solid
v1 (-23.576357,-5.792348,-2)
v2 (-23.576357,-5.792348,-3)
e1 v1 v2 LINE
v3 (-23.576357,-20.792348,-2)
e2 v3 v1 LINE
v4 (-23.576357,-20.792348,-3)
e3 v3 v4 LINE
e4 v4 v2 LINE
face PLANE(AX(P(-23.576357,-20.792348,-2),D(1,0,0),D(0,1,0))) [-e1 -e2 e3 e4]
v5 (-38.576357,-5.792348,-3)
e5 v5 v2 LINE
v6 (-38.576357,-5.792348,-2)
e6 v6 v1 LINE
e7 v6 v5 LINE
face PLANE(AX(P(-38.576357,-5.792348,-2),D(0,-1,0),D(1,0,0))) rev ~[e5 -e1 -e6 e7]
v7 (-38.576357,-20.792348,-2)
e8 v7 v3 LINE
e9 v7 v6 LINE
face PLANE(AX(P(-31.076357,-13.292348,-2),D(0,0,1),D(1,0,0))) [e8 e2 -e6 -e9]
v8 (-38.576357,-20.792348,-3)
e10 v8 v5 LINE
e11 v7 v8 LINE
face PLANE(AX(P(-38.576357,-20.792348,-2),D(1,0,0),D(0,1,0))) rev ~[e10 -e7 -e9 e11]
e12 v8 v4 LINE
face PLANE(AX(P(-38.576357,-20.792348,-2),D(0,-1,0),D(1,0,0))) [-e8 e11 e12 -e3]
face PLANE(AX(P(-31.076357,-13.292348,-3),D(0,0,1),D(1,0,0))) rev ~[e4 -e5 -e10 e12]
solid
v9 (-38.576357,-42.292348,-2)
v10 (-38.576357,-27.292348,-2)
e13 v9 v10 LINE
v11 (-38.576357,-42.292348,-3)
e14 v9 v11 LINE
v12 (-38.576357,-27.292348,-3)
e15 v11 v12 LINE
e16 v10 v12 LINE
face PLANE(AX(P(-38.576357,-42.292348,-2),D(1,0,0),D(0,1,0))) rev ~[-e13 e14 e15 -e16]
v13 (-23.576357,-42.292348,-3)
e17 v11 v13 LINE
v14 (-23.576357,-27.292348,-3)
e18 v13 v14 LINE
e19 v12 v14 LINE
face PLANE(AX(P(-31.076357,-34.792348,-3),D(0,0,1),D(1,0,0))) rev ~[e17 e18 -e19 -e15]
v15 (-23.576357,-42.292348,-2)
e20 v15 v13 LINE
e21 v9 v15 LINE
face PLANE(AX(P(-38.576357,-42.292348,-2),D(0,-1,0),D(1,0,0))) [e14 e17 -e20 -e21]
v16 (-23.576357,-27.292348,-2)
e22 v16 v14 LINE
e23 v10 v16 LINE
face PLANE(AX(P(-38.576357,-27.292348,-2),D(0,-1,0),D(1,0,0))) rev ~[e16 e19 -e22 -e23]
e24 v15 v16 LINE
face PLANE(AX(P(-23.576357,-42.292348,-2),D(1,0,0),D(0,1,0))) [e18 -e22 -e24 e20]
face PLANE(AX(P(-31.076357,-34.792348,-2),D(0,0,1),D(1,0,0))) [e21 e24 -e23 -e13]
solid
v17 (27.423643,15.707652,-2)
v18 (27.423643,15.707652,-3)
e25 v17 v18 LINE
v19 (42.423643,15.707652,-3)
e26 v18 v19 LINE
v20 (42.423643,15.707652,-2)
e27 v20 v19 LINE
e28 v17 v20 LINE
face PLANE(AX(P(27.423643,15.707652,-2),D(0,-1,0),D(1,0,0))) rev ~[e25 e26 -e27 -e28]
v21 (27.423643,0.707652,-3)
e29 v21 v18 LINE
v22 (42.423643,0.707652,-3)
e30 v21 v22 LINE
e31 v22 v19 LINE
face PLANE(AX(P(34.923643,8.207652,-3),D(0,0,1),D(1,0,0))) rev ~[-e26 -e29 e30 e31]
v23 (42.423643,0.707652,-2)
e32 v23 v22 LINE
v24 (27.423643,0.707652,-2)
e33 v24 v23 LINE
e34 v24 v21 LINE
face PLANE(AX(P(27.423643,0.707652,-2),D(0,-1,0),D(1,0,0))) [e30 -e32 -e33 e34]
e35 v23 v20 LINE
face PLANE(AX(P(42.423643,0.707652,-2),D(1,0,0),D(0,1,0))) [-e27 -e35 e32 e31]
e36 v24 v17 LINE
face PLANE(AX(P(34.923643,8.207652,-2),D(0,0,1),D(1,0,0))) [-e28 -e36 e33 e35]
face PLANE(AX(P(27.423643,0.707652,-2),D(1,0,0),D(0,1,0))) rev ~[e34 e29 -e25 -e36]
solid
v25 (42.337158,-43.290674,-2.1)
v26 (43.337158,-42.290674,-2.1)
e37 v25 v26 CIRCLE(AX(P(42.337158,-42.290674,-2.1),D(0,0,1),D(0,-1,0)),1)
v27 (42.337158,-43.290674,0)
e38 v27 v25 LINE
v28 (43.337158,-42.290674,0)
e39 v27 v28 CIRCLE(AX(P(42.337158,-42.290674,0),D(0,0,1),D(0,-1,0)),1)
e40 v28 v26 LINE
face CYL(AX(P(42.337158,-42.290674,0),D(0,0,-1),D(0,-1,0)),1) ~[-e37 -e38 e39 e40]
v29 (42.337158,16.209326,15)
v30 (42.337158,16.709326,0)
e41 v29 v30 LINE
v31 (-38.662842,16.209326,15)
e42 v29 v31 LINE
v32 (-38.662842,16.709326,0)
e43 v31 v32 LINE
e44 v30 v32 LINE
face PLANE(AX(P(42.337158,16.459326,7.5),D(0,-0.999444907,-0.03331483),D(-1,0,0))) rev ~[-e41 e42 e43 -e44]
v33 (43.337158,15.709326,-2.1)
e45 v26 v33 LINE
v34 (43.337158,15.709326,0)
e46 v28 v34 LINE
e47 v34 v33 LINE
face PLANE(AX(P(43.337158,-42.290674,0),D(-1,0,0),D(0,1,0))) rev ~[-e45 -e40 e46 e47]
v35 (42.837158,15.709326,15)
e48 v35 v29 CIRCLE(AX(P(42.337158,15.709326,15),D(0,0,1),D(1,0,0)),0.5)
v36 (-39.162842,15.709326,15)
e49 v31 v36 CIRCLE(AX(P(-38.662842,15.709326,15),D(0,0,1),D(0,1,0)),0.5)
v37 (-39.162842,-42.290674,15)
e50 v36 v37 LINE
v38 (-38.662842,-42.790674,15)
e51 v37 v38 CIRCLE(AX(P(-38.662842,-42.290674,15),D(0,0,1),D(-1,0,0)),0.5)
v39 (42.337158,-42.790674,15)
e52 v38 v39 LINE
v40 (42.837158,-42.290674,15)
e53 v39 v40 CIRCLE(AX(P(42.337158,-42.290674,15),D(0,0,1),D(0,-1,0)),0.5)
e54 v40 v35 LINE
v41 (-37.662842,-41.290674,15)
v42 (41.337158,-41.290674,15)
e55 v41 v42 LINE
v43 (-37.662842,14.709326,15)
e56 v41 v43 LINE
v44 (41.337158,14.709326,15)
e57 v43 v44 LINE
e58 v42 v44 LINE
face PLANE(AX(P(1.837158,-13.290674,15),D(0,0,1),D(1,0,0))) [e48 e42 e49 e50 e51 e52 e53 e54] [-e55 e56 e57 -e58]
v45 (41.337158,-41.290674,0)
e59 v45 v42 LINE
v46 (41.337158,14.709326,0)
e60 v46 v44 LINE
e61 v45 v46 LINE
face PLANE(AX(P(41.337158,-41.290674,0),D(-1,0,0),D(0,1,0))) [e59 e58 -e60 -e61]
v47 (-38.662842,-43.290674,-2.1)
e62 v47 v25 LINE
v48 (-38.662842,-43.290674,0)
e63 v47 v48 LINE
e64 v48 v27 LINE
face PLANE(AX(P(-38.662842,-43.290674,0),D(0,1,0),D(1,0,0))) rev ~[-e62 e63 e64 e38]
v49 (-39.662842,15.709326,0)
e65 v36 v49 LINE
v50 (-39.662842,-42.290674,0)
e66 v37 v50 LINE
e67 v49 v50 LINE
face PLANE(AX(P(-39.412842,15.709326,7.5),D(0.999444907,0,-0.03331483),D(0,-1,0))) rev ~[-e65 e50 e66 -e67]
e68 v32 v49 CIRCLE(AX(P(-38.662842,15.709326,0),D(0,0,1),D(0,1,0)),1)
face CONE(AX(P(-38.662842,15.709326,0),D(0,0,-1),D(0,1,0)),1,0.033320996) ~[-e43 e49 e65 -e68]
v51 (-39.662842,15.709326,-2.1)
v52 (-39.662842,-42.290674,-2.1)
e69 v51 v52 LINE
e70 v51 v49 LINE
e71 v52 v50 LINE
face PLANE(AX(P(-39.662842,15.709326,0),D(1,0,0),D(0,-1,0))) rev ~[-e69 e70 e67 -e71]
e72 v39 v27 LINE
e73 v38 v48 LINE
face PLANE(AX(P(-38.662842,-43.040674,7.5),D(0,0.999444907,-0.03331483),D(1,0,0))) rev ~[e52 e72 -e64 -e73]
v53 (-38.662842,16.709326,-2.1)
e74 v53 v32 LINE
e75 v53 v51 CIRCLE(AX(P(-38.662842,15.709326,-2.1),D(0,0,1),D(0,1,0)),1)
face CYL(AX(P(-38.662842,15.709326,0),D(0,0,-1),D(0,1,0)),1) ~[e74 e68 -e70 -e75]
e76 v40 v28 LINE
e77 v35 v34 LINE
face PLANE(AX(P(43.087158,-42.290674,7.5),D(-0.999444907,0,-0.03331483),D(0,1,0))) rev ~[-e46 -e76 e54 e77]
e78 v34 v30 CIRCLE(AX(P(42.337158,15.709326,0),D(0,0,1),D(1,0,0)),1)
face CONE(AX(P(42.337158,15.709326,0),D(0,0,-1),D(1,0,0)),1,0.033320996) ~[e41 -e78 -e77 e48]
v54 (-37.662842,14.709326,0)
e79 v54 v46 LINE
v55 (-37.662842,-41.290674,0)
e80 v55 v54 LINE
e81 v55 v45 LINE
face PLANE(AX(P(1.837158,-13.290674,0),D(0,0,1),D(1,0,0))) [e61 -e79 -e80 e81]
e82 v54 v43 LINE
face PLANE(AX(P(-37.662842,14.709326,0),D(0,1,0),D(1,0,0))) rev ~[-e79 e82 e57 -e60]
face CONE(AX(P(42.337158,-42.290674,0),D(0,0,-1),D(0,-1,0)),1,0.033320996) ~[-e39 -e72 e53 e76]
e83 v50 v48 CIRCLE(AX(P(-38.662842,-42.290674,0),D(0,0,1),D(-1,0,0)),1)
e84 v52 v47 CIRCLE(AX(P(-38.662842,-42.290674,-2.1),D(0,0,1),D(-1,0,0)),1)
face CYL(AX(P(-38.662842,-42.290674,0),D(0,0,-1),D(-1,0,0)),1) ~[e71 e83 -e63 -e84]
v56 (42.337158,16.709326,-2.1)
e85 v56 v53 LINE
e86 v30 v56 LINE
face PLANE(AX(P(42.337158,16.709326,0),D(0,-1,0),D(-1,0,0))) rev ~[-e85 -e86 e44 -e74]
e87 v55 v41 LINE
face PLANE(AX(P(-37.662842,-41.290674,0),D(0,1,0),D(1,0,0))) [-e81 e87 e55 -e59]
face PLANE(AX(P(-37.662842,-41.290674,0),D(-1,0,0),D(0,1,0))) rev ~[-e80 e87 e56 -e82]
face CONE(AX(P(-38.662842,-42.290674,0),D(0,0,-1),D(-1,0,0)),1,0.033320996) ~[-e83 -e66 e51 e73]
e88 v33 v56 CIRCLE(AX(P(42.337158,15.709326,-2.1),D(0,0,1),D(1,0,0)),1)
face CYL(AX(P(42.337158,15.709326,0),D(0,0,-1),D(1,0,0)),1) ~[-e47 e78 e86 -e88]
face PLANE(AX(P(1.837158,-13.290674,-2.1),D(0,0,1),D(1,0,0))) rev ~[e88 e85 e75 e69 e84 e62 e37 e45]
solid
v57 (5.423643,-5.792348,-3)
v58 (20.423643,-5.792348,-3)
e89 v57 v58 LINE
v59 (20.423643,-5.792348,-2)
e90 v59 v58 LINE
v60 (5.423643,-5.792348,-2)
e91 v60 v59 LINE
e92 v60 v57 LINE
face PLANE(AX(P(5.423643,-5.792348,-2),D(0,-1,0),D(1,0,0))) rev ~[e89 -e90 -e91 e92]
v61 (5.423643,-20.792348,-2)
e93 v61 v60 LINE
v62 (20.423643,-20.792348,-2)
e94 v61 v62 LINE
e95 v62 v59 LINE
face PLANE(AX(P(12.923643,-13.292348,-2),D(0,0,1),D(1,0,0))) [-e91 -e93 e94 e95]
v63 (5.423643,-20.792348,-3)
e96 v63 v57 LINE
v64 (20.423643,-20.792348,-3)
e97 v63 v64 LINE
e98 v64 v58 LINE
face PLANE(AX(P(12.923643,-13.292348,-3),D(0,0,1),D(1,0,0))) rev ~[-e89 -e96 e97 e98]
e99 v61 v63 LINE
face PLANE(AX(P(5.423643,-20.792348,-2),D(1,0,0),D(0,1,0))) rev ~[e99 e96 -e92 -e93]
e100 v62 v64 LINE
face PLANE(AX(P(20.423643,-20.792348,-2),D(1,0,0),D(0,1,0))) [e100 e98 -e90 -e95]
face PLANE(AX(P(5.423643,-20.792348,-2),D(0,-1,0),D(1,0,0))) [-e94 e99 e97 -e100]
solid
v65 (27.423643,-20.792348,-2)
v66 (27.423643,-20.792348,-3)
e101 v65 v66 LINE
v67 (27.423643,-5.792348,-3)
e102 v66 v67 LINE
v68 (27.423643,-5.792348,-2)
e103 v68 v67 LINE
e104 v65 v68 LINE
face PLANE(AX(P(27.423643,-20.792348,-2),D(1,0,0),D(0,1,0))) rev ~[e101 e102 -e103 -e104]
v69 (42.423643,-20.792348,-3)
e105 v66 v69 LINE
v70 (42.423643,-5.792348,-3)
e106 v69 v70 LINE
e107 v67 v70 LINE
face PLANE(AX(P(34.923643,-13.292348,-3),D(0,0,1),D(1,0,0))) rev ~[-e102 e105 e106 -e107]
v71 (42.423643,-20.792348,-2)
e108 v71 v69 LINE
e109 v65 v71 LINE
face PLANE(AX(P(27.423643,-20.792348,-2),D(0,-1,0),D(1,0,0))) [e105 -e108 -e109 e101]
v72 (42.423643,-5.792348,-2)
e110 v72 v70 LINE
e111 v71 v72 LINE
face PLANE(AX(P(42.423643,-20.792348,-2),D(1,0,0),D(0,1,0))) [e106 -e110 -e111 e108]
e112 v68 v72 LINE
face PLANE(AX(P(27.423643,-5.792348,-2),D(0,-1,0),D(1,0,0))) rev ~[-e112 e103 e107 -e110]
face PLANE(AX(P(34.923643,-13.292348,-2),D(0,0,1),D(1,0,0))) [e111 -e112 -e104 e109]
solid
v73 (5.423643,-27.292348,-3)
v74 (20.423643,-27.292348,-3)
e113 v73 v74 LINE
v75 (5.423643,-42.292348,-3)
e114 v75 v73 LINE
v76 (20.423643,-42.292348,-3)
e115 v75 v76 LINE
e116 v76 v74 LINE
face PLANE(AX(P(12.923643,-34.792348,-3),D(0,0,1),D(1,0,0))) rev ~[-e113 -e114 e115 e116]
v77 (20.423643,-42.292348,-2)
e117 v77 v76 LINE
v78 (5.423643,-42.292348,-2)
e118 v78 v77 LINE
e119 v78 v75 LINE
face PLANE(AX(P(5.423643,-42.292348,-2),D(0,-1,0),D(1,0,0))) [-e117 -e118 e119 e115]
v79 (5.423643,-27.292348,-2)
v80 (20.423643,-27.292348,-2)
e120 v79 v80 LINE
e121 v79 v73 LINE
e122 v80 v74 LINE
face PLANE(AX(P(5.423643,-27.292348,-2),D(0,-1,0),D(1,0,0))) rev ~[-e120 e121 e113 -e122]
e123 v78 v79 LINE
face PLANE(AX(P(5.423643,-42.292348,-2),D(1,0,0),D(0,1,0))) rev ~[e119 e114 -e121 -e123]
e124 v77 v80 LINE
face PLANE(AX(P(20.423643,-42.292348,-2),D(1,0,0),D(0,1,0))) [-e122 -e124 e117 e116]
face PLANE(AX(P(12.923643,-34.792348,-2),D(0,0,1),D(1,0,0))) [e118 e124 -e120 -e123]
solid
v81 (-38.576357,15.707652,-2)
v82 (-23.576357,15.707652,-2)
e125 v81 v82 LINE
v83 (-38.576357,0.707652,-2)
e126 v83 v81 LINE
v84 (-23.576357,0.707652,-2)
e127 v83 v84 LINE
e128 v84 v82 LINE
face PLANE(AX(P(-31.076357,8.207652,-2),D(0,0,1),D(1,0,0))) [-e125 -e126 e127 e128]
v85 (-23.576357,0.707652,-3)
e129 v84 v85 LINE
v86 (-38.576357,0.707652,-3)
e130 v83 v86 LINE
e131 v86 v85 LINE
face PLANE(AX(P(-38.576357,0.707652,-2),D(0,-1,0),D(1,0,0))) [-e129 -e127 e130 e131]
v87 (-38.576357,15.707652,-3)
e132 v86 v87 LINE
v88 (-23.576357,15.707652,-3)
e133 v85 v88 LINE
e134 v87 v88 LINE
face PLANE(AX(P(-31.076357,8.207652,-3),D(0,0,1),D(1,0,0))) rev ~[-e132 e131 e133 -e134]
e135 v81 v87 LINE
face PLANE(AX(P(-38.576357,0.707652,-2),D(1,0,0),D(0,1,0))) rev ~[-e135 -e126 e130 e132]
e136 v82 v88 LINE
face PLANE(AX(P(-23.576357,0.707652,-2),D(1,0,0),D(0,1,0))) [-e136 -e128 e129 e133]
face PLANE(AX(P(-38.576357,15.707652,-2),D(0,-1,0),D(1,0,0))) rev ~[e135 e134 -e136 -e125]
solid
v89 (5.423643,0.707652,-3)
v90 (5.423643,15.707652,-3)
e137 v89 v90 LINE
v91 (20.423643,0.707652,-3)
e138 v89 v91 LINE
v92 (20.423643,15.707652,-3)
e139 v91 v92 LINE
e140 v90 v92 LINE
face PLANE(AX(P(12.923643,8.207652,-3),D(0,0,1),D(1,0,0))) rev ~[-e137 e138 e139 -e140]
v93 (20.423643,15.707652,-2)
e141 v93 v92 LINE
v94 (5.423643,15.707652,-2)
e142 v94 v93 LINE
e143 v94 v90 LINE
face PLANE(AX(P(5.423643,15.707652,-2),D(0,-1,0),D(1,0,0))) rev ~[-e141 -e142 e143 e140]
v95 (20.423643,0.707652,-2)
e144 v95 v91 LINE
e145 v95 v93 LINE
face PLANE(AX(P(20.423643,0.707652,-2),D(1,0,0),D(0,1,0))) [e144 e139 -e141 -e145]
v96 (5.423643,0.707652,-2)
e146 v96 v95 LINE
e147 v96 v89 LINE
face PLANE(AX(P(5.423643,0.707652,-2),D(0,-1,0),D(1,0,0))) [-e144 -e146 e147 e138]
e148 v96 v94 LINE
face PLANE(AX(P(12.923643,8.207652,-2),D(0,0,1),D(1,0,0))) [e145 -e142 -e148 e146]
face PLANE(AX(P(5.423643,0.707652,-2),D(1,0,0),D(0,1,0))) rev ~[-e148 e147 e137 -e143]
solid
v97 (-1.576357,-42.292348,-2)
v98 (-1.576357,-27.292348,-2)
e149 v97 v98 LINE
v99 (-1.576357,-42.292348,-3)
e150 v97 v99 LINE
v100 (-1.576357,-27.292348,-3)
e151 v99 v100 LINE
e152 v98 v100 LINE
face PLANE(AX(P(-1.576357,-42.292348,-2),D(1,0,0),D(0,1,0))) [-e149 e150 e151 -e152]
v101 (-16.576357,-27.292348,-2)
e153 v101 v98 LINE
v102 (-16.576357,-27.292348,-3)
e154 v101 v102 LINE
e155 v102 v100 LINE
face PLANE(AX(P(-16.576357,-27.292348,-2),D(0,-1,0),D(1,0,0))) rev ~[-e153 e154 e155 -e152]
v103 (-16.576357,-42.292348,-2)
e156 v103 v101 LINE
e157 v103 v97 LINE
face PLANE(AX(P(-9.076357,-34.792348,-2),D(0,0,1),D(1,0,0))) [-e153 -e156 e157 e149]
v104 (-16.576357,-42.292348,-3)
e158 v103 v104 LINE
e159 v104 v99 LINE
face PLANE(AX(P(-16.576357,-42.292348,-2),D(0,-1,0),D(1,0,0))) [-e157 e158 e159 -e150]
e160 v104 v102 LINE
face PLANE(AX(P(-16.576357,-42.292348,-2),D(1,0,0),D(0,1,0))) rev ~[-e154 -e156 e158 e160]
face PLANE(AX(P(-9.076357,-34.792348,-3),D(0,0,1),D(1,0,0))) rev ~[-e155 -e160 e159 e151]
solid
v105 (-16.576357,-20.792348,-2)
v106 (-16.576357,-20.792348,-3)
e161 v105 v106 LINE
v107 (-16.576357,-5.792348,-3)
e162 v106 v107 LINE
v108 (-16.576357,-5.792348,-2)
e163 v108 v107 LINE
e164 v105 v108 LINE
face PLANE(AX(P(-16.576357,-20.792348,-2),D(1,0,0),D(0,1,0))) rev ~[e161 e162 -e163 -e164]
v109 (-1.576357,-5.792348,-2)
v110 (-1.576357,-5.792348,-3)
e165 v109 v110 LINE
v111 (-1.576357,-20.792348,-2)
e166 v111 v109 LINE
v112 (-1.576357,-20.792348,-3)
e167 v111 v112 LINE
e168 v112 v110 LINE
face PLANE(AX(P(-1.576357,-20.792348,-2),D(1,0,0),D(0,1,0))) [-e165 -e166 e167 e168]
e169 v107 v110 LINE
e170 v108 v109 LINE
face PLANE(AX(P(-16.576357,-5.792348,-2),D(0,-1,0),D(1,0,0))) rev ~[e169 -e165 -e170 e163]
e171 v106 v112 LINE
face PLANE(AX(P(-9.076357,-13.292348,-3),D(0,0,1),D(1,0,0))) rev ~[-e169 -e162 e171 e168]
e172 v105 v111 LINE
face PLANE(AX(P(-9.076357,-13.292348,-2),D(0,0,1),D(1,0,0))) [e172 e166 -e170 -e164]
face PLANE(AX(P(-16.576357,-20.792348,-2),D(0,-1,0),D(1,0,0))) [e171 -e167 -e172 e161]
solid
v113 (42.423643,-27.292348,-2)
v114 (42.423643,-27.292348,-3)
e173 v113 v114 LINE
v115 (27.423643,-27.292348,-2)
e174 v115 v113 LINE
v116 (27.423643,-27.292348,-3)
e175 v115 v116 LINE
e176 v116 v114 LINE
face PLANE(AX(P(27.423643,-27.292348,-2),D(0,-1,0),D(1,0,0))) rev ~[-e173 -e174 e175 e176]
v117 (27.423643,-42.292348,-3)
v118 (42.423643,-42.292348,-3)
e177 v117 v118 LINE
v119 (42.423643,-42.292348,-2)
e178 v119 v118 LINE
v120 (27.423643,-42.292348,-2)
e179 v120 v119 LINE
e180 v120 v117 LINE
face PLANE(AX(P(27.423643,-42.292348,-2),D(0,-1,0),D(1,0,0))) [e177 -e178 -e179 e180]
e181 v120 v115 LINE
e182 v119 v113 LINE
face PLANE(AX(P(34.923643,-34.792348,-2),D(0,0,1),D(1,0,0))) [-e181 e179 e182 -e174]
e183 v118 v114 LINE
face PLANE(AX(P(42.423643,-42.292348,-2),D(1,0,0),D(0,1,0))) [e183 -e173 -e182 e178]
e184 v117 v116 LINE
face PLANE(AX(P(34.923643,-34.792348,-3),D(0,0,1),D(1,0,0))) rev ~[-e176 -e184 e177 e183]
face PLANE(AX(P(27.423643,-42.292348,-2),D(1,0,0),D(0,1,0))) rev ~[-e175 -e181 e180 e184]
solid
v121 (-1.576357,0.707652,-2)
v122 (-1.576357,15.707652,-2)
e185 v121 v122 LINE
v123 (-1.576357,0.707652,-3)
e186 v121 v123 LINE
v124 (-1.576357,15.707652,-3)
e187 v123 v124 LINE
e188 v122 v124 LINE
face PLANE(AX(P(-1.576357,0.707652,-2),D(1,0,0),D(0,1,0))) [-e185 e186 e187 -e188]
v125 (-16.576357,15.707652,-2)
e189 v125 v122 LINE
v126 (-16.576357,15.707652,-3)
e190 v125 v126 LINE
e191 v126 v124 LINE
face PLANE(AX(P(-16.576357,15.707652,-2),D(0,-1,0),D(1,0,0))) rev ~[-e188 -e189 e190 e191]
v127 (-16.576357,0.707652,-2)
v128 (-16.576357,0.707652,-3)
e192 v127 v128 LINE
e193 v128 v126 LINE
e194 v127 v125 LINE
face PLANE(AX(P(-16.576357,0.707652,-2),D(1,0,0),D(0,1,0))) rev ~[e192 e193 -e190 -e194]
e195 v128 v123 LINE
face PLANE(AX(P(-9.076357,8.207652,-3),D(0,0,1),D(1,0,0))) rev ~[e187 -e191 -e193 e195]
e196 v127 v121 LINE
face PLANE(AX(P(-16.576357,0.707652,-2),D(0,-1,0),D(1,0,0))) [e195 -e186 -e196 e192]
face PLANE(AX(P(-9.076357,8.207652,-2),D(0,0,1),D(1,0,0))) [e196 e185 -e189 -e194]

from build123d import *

# Parameters (mm, degrees)
F2_W     = 15
F2_H     = 15
F3_DEPTH = 1
F0_W     = 79
F0_H     = 56
F4_DEPTH = 2.1
F5_DEPTH = 15
F6_SIZE2 = 15
F6_SIZE  = 0.5


with BuildPart() as f3:
    # F2 (on offset) → F3 (new body)
    with BuildSketch(Plane.XY.offset(-2)):
        with Locations((-31.0763570666, -34.7923475802)):
            Rectangle(F2_W, F2_H)
    extrude(amount=-F3_DEPTH)


with BuildPart() as f3b:
    # F2 (on offset) → F3, piece 2 (new body)
    with BuildSketch(Plane.XY.offset(-2)):
        with Locations((-31.0763570666, -13.2923475802)):
            Rectangle(F2_W, F2_H)
    extrude(amount=-F3_DEPTH)


with BuildPart() as f3c:
    # F2 (on offset) → F3, piece 3 (new body)
    with BuildSketch(Plane.XY.offset(-2)):
        with Locations((-31.0763570666, 8.2076524198)):
            Rectangle(F2_W, F2_H)
    extrude(amount=-F3_DEPTH)


with BuildPart() as f3d:
    # F2 (on offset) → F3, piece 4 (new body)
    with BuildSketch(Plane.XY.offset(-2)):
        with Locations((-9.0763570666, -34.7923475802)):
            Rectangle(F2_W, F2_H)
    extrude(amount=-F3_DEPTH)


with BuildPart() as f3e:
    # F2 (on offset) → F3, piece 5 (new body)
    with BuildSketch(Plane.XY.offset(-2)):
        with Locations((-9.0763570666, -13.2923475802)):
            Rectangle(F2_W, F2_H)
    extrude(amount=-F3_DEPTH)


with BuildPart() as f3f:
    # F2 (on offset) → F3, piece 6 (new body)
    with BuildSketch(Plane.XY.offset(-2)):
        with Locations((-9.0763570666, 8.2076524198)):
            Rectangle(F2_W, F2_H)
    extrude(amount=-F3_DEPTH)


with BuildPart() as f3g:
    # F2 (on offset) → F3, piece 7 (new body)
    with BuildSketch(Plane.XY.offset(-2)):
        with Locations((12.9236429334, -34.7923475802)):
            Rectangle(F2_W, F2_H)
    extrude(amount=-F3_DEPTH)


with BuildPart() as f3h:
    # F2 (on offset) → F3, piece 8 (new body)
    with BuildSketch(Plane.XY.offset(-2)):
        with Locations((12.9236429334, -13.2923475802)):
            Rectangle(F2_W, F2_H)
    extrude(amount=-F3_DEPTH)


with BuildPart() as f3i:
    # F2 (on offset) → F3, piece 9 (new body)
    with BuildSketch(Plane.XY.offset(-2)):
        with Locations((12.9236429334, 8.2076524198)):
            Rectangle(F2_W, F2_H)
    extrude(amount=-F3_DEPTH)


with BuildPart() as f3j:
    # F2 (on offset) → F3, piece 10 (new body)
    with BuildSketch(Plane.XY.offset(-2)):
        with Locations((34.9236429334, -34.7923475802)):
            Rectangle(F2_W, F2_H)
    extrude(amount=-F3_DEPTH)


with BuildPart() as f3k:
    # F2 (on offset) → F3, piece 11 (new body)
    with BuildSketch(Plane.XY.offset(-2)):
        with Locations((34.9236429334, -13.2923475802)):
            Rectangle(F2_W, F2_H)
    extrude(amount=-F3_DEPTH)


with BuildPart() as f3l:
    # F2 (on offset) → F3, piece 12 (new body)
    with BuildSketch(Plane.XY.offset(-2)):
        with Locations((34.9236429334, 8.2076524198)):
            Rectangle(F2_W, F2_H)
    extrude(amount=-F3_DEPTH)


with BuildPart() as f4:
    # F0 (on Top) → F4 (new body)
    with BuildSketch(Plane.XY):
        with BuildLine():
            Line((42.3371575624, 16.709325991), (-38.6628424376, 16.709325991))
            ThreePointArc((-38.6628424376, 16.709325991), (-39.3699492188, 16.4164327722), (-39.6628424376, 15.709325991))
            Line((-39.6628424376, 15.709325991), (-39.6628424376, -42.290674009))
            ThreePointArc((-39.6628424376, -42.290674009), (-39.3699492188, -42.9977807901), (-38.6628424376, -43.290674009))
            Line((-38.6628424376, -43.290674009), (42.3371575624, -43.290674009))
            ThreePointArc((42.3371575624, -43.290674009), (43.0442643436, -42.9977807901), (43.3371575624, -42.290674009))
            Line((43.3371575624, -42.290674009), (43.3371575624, 15.709325991))
            ThreePointArc((43.3371575624, 15.709325991), (43.0442643436, 16.4164327722), (42.3371575624, 16.709325991))
        make_face()
        with Locations((1.8371575624, -13.290674009)):
            Rectangle(F0_W, F0_H, mode=Mode.SUBTRACT)
        with Locations((1.8371575624, -13.290674009)):
            Rectangle(F0_W, F0_H)
    extrude(amount=-F4_DEPTH)

    # F0 (on Top) → F5 (join)
    with BuildSketch(Plane.XY):
        with BuildLine():
            Line((42.3371575624, 16.709325991), (-38.6628424376, 16.709325991))
            ThreePointArc((-38.6628424376, 16.709325991), (-39.3699492188, 16.4164327722), (-39.6628424376, 15.709325991))
            Line((-39.6628424376, 15.709325991), (-39.6628424376, -42.290674009))
            ThreePointArc((-39.6628424376, -42.290674009), (-39.3699492188, -42.9977807901), (-38.6628424376, -43.290674009))
            Line((-38.6628424376, -43.290674009), (42.3371575624, -43.290674009))
            ThreePointArc((42.3371575624, -43.290674009), (43.0442643436, -42.9977807901), (43.3371575624, -42.290674009))
            Line((43.3371575624, -42.290674009), (43.3371575624, 15.709325991))
            ThreePointArc((43.3371575624, 15.709325991), (43.0442643436, 16.4164327722), (42.3371575624, 16.709325991))
        make_face()
        with Locations((1.8371575624, -13.290674009)):
            Rectangle(F0_W, F0_H, mode=Mode.SUBTRACT)
    extrude(amount=F5_DEPTH)

    # F6
    f6_edges = [f4.edges().sort_by_distance(p)[0] for p in [
        (43.337158, -13.290674, 15),
    ]]
    f6_side = f4.faces().sort_by_distance((42.312999, -13.290674, 15))[0]
    chamfer(f6_edges, length=F6_SIZE, length2=F6_SIZE2, reference=f6_side)


solid = Compound([f3.part, f3b.part, f3c.part, f3d.part, f3e.part, f3f.part, f3g.part, f3h.part, f3i.part, f3j.part, f3k.part, f3l.part, f4.part])
